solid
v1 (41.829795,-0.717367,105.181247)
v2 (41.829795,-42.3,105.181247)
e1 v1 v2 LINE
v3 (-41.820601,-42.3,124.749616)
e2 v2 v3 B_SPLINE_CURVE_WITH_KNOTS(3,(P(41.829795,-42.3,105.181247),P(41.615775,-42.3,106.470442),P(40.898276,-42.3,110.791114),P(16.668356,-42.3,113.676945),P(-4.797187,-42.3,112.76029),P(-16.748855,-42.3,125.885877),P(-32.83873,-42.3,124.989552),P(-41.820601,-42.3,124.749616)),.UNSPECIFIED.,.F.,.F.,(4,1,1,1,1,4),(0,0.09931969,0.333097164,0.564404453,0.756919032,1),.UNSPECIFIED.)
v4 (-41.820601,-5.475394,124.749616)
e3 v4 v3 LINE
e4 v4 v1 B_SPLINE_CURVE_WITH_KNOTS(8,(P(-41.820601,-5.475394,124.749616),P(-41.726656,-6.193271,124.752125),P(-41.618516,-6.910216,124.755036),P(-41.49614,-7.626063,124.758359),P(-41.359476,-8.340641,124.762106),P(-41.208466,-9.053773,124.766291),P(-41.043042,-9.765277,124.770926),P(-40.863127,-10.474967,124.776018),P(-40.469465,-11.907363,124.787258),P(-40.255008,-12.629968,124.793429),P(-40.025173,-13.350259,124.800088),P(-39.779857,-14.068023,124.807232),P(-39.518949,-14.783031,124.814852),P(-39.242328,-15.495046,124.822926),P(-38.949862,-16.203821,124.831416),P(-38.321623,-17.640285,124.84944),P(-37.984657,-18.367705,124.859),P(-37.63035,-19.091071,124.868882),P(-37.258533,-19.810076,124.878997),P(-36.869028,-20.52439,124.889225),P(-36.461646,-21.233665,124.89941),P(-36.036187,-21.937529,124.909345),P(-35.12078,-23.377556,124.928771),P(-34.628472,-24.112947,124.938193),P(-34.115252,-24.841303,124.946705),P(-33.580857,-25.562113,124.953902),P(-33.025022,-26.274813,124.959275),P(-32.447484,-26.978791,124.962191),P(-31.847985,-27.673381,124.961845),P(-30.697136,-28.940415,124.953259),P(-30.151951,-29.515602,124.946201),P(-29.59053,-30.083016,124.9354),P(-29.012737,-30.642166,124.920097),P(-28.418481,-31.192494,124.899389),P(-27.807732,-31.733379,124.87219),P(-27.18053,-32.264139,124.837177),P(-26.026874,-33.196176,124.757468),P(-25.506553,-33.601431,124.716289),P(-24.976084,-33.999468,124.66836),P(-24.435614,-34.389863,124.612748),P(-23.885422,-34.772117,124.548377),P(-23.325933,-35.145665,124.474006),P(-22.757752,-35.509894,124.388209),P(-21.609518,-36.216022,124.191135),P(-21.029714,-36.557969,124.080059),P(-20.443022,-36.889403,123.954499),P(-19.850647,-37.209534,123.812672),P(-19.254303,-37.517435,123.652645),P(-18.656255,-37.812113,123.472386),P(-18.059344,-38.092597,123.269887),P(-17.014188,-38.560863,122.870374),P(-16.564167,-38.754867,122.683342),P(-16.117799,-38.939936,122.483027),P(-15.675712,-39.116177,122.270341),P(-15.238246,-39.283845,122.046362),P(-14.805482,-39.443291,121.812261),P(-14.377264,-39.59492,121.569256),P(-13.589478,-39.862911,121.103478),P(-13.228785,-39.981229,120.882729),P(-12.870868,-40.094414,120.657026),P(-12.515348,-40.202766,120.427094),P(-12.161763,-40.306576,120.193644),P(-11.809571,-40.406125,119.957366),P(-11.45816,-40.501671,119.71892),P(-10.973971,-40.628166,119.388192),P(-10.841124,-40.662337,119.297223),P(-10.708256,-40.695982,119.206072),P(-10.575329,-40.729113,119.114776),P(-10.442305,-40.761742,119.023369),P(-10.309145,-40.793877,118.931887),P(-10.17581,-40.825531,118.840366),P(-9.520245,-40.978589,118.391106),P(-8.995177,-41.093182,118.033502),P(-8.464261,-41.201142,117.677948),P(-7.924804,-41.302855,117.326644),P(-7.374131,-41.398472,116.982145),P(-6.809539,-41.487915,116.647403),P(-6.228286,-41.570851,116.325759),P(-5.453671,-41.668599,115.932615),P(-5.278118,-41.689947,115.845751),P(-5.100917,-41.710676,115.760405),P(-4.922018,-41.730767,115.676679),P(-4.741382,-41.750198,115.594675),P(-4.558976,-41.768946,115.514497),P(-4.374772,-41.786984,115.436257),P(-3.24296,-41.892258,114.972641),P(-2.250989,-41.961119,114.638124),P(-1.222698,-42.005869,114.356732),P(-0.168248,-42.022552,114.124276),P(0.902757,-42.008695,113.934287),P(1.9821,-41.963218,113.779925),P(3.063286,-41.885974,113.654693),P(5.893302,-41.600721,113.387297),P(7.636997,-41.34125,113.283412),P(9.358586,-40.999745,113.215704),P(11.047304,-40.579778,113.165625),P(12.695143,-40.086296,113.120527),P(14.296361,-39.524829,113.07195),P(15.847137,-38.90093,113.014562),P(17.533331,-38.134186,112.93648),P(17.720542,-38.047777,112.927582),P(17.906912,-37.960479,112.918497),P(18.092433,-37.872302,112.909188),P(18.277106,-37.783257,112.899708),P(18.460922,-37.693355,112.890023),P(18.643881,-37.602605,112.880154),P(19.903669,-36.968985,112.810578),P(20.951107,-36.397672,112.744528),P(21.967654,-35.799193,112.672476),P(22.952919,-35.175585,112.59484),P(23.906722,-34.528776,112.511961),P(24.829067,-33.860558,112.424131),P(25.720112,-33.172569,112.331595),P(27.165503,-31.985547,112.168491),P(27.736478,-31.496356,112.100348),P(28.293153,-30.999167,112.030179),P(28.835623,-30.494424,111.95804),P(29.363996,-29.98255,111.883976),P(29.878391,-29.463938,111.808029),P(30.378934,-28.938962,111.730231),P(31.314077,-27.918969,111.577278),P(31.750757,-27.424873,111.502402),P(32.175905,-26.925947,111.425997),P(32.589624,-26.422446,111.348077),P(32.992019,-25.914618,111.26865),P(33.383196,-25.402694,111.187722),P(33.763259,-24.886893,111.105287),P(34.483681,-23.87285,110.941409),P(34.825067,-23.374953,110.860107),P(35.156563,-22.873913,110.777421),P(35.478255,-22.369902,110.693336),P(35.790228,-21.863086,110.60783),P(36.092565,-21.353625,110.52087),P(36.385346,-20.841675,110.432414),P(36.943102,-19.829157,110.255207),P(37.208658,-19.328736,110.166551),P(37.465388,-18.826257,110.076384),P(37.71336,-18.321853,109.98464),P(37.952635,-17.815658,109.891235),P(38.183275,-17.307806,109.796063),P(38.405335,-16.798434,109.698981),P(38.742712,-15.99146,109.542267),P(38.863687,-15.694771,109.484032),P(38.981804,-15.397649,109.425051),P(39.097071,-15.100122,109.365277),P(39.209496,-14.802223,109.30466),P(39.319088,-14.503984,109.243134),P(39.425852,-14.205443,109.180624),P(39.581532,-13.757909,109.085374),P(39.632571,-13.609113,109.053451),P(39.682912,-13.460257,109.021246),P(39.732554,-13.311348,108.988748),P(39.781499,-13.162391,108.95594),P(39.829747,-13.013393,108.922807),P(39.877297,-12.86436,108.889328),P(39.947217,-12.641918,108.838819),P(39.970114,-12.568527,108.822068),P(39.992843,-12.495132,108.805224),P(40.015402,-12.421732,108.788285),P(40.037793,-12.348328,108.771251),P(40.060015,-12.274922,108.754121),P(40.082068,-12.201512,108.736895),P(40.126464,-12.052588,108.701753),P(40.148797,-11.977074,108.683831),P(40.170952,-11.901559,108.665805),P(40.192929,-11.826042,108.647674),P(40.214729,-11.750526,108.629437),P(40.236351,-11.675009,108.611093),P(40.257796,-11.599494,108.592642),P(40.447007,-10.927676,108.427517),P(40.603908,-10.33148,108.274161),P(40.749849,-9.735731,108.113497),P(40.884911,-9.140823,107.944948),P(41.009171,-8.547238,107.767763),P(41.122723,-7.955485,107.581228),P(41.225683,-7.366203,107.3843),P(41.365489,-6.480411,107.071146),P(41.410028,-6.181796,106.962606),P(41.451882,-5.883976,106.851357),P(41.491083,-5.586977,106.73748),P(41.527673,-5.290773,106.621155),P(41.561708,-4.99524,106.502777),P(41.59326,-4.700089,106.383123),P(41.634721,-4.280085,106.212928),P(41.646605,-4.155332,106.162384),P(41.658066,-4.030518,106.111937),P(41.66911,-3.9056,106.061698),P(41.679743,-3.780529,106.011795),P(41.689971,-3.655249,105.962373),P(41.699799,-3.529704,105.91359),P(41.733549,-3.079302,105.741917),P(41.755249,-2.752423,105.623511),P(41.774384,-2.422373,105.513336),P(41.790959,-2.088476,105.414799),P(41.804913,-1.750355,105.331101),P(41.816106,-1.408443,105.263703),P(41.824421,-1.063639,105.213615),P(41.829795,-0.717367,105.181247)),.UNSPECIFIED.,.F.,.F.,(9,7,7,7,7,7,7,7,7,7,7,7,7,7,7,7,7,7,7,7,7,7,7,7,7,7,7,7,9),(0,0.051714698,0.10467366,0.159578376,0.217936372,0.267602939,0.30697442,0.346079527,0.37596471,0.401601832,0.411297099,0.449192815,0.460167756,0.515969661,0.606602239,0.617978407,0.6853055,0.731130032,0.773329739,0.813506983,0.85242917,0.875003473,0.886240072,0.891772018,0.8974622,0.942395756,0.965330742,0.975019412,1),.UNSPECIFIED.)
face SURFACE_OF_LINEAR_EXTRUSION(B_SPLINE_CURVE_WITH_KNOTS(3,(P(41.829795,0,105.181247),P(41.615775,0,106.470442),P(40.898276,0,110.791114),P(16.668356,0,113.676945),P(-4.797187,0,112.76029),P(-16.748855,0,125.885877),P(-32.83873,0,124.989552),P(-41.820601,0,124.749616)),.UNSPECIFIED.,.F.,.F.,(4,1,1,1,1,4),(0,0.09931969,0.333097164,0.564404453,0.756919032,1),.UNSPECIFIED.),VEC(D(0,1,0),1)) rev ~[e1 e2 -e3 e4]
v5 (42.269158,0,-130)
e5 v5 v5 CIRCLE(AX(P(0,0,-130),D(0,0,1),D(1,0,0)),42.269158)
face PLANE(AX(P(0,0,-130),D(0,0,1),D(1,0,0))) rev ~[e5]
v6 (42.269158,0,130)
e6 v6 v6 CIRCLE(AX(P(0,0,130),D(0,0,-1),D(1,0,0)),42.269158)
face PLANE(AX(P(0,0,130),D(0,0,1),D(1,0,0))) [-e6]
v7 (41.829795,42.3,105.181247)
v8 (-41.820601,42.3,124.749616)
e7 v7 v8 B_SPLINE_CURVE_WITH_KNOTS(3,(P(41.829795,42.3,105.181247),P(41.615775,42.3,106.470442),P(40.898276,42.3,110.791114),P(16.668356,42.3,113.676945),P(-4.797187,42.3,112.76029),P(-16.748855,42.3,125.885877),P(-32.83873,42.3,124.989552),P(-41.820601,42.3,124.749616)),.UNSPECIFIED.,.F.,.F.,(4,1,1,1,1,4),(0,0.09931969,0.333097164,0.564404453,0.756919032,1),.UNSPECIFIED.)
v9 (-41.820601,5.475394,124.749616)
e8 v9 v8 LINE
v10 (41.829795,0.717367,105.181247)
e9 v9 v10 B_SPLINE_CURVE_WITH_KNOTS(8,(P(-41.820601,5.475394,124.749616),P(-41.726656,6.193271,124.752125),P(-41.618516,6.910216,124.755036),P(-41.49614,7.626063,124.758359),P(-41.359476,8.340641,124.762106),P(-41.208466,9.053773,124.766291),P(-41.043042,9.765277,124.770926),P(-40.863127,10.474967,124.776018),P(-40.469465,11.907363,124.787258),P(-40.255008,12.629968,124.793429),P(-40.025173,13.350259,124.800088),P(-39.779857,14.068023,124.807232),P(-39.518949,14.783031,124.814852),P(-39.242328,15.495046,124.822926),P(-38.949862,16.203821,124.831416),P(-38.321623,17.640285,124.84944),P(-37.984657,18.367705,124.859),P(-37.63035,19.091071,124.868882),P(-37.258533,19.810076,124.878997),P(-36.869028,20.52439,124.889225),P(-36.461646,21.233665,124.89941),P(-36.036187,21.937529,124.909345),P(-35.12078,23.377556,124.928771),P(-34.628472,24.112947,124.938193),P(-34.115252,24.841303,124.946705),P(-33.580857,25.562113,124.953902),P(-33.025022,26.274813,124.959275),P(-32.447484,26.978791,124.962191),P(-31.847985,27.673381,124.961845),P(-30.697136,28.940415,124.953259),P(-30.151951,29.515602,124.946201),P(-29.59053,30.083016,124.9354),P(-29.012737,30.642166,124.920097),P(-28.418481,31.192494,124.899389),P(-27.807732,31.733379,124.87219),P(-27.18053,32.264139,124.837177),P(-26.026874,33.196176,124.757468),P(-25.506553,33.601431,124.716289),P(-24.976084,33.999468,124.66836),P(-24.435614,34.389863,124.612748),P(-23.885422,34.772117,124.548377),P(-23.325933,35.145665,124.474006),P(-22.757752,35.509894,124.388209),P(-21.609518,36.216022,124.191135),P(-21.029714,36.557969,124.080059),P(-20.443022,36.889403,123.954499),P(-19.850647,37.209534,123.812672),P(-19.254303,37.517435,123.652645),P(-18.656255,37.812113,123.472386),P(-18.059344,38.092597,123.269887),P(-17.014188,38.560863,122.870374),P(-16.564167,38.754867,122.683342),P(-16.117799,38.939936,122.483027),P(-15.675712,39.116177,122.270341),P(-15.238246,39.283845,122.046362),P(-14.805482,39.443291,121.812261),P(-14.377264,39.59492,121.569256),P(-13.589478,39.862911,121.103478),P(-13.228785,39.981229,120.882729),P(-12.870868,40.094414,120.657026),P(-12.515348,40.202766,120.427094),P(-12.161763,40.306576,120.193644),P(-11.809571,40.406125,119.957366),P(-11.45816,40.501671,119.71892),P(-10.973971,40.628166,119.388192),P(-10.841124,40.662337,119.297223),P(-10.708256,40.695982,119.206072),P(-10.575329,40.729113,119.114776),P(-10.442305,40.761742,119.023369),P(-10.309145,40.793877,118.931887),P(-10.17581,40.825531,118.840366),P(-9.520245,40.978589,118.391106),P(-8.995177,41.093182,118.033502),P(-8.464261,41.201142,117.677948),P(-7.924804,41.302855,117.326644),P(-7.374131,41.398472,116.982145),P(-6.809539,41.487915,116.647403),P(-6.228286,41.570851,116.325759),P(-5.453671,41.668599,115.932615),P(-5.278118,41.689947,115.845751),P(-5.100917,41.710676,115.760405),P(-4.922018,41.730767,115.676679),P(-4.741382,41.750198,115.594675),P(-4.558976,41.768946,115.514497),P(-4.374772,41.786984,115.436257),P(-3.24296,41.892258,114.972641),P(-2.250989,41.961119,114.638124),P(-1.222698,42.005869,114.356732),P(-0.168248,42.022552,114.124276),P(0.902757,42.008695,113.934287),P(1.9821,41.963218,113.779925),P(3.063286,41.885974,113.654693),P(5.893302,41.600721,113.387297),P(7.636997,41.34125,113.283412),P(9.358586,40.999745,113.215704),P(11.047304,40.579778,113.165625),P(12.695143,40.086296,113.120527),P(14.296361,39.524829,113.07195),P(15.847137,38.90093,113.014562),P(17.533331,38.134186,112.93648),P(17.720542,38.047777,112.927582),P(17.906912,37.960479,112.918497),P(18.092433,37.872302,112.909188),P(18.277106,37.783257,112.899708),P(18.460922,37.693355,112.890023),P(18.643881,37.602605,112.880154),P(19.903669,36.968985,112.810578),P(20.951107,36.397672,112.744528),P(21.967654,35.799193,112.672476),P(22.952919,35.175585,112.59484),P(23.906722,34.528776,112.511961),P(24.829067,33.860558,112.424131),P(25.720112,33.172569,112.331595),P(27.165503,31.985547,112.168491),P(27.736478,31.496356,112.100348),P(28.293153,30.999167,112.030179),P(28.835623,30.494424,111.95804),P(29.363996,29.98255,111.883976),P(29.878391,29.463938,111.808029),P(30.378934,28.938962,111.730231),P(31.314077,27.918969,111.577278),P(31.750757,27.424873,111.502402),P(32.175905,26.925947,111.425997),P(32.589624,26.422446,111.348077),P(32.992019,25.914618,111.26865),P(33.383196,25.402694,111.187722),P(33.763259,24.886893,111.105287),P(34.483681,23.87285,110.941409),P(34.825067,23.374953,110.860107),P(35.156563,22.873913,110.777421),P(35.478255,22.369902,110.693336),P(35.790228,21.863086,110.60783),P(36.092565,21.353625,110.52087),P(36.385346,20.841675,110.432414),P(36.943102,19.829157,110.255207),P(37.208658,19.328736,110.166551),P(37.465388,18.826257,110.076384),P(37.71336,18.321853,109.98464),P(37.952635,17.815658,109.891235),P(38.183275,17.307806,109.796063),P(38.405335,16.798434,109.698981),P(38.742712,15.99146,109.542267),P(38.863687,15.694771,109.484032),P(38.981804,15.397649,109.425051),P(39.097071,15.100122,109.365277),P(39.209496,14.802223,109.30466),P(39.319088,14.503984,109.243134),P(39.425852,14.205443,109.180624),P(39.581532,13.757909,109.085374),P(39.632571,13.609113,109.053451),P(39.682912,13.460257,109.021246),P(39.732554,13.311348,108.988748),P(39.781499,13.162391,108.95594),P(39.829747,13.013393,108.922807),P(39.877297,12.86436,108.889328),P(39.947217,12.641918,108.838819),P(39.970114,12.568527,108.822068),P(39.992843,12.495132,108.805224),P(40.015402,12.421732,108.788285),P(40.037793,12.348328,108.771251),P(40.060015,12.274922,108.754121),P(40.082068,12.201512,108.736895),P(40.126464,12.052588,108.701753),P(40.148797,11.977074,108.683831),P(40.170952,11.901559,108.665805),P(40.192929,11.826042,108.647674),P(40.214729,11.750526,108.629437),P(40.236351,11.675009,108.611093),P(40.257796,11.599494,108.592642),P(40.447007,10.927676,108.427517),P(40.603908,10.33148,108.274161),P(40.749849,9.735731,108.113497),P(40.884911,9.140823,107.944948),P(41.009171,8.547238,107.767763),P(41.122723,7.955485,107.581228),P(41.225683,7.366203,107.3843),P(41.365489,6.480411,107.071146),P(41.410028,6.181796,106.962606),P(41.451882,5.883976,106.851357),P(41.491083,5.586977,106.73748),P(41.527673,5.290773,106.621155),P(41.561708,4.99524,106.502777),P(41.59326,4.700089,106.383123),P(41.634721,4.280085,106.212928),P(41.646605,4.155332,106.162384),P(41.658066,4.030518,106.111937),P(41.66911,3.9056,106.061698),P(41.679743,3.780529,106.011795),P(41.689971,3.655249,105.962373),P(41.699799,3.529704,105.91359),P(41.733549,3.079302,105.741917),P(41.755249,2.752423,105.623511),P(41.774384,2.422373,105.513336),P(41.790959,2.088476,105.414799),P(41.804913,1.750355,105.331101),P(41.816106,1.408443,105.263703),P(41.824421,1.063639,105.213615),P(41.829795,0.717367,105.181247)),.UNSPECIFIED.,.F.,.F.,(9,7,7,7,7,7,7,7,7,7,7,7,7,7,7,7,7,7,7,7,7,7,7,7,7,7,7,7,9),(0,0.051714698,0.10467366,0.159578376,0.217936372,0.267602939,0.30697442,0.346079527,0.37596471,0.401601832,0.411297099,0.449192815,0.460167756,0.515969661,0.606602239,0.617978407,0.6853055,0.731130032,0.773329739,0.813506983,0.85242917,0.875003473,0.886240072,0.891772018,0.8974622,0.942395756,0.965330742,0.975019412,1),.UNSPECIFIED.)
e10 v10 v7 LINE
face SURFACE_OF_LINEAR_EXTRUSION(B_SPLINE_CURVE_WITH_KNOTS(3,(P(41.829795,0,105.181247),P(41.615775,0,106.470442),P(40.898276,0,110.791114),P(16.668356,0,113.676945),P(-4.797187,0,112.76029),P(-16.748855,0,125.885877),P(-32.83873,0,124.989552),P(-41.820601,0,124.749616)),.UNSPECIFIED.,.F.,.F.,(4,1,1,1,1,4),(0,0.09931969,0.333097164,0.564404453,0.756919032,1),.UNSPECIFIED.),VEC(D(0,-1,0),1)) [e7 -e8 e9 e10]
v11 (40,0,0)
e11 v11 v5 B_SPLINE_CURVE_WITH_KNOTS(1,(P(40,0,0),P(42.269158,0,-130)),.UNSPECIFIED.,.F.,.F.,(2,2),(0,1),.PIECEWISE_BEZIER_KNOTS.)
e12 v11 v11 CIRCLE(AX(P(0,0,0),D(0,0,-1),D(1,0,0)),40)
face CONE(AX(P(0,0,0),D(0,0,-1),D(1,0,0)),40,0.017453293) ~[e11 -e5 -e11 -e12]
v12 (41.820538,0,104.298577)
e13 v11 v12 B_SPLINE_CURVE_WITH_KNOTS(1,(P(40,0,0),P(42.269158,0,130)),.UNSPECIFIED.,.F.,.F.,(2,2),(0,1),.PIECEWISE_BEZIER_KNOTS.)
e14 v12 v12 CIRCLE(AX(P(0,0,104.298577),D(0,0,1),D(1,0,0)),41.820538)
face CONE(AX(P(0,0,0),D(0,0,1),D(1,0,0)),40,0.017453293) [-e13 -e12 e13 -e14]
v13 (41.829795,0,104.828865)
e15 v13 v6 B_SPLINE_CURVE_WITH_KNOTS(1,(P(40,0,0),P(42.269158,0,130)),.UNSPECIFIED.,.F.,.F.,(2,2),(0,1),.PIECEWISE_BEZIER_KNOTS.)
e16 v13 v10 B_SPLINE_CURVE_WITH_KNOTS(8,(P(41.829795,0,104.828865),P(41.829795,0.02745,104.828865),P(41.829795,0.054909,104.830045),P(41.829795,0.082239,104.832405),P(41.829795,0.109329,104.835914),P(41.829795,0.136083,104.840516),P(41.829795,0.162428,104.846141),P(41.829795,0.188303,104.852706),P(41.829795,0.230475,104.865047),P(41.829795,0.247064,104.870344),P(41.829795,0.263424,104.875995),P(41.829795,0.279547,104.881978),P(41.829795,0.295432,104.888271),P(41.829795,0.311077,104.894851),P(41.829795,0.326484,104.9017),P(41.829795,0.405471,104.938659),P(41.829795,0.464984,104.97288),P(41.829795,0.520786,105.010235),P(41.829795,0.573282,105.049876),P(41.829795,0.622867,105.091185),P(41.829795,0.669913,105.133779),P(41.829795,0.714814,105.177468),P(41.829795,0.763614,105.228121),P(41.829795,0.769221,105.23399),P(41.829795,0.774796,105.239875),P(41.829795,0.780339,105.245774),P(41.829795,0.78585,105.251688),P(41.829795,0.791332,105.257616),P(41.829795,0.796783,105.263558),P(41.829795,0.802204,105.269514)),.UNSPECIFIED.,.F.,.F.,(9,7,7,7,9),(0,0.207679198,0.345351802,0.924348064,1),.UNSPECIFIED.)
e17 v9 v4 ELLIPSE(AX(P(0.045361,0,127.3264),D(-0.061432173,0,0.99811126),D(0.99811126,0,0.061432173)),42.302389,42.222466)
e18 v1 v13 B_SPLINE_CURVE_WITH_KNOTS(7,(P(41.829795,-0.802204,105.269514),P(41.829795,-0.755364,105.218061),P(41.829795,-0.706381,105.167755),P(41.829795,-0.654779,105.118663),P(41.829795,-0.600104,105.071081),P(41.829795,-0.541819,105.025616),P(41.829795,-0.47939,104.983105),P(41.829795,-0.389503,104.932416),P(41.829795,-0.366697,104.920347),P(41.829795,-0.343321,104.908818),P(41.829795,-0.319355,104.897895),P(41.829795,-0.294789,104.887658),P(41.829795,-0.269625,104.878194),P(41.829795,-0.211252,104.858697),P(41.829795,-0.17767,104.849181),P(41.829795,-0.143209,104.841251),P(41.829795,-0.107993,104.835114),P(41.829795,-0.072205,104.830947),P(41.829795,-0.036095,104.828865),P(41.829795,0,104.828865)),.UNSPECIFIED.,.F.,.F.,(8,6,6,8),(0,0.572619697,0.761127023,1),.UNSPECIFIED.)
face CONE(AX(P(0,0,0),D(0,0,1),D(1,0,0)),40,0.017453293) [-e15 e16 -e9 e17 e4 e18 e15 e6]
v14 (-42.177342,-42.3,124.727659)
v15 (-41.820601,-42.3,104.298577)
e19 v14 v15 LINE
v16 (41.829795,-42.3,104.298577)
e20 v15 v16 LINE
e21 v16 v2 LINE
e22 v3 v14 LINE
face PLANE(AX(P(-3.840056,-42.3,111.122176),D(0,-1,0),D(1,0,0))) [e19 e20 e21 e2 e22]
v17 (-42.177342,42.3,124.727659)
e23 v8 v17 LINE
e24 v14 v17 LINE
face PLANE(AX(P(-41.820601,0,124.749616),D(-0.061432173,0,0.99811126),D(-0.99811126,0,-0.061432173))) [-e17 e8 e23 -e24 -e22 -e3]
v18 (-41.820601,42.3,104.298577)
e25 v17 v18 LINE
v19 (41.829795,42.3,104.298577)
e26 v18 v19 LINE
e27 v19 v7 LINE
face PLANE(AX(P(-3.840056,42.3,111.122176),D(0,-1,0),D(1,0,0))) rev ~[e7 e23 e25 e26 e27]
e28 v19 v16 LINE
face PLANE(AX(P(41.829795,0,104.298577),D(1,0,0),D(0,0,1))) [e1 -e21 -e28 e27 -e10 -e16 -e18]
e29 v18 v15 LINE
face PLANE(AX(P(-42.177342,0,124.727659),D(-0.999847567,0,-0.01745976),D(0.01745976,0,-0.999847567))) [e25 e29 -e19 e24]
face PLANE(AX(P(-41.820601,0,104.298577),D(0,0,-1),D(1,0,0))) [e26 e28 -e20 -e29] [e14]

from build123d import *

# Parameters (mm, degrees)
F0_R     = 40
F1_DEPTH = 130
F1_TAPER = -1
F3_DEPTH = 42.3


with BuildPart() as f1:
    # F0 (on Top) → F1 (new body, symmetric)
    with BuildSketch(Plane.XY):
        Circle(F0_R)
    extrude(amount=F1_DEPTH, both=True, taper=F1_TAPER)

    # F2 (on Front) → F3 (join, symmetric)
    with BuildSketch(Plane.XZ):
        with BuildLine():
            Line((-42.1773418784, 124.7276589274), (-41.8206006289, 104.2985767126))
            Line((-41.8206006289, 104.2985767126), (41.8297946453, 104.2985767126))
            Line((41.8297946453, 104.2985767126), (41.8297946453, 105.1812469959))
            add(Edge.make_bspline(
                [(41.8297946453, 105.1812469959), (41.6157749104, 106.4704419084), (40.8982761169, 110.7911137137), (16.6683555436, 113.676945109), (-4.7971868357, 112.7602899856), (-16.7488550533, 125.8858769621), (-32.83872998, 124.9895518745), (-41.8206006289, 124.7496157885)],
                knots=[0, 0, 0, 0, 0.0993196903, 0.3330971636, 0.5644044532, 0.7569190321, 1, 1, 1, 1], degree=3))
            Line((-41.8206006289, 124.7496157885), (-42.1773418784, 124.7276589274))
        make_face()
    extrude(amount=F3_DEPTH, both=True)


solid = f1.part
